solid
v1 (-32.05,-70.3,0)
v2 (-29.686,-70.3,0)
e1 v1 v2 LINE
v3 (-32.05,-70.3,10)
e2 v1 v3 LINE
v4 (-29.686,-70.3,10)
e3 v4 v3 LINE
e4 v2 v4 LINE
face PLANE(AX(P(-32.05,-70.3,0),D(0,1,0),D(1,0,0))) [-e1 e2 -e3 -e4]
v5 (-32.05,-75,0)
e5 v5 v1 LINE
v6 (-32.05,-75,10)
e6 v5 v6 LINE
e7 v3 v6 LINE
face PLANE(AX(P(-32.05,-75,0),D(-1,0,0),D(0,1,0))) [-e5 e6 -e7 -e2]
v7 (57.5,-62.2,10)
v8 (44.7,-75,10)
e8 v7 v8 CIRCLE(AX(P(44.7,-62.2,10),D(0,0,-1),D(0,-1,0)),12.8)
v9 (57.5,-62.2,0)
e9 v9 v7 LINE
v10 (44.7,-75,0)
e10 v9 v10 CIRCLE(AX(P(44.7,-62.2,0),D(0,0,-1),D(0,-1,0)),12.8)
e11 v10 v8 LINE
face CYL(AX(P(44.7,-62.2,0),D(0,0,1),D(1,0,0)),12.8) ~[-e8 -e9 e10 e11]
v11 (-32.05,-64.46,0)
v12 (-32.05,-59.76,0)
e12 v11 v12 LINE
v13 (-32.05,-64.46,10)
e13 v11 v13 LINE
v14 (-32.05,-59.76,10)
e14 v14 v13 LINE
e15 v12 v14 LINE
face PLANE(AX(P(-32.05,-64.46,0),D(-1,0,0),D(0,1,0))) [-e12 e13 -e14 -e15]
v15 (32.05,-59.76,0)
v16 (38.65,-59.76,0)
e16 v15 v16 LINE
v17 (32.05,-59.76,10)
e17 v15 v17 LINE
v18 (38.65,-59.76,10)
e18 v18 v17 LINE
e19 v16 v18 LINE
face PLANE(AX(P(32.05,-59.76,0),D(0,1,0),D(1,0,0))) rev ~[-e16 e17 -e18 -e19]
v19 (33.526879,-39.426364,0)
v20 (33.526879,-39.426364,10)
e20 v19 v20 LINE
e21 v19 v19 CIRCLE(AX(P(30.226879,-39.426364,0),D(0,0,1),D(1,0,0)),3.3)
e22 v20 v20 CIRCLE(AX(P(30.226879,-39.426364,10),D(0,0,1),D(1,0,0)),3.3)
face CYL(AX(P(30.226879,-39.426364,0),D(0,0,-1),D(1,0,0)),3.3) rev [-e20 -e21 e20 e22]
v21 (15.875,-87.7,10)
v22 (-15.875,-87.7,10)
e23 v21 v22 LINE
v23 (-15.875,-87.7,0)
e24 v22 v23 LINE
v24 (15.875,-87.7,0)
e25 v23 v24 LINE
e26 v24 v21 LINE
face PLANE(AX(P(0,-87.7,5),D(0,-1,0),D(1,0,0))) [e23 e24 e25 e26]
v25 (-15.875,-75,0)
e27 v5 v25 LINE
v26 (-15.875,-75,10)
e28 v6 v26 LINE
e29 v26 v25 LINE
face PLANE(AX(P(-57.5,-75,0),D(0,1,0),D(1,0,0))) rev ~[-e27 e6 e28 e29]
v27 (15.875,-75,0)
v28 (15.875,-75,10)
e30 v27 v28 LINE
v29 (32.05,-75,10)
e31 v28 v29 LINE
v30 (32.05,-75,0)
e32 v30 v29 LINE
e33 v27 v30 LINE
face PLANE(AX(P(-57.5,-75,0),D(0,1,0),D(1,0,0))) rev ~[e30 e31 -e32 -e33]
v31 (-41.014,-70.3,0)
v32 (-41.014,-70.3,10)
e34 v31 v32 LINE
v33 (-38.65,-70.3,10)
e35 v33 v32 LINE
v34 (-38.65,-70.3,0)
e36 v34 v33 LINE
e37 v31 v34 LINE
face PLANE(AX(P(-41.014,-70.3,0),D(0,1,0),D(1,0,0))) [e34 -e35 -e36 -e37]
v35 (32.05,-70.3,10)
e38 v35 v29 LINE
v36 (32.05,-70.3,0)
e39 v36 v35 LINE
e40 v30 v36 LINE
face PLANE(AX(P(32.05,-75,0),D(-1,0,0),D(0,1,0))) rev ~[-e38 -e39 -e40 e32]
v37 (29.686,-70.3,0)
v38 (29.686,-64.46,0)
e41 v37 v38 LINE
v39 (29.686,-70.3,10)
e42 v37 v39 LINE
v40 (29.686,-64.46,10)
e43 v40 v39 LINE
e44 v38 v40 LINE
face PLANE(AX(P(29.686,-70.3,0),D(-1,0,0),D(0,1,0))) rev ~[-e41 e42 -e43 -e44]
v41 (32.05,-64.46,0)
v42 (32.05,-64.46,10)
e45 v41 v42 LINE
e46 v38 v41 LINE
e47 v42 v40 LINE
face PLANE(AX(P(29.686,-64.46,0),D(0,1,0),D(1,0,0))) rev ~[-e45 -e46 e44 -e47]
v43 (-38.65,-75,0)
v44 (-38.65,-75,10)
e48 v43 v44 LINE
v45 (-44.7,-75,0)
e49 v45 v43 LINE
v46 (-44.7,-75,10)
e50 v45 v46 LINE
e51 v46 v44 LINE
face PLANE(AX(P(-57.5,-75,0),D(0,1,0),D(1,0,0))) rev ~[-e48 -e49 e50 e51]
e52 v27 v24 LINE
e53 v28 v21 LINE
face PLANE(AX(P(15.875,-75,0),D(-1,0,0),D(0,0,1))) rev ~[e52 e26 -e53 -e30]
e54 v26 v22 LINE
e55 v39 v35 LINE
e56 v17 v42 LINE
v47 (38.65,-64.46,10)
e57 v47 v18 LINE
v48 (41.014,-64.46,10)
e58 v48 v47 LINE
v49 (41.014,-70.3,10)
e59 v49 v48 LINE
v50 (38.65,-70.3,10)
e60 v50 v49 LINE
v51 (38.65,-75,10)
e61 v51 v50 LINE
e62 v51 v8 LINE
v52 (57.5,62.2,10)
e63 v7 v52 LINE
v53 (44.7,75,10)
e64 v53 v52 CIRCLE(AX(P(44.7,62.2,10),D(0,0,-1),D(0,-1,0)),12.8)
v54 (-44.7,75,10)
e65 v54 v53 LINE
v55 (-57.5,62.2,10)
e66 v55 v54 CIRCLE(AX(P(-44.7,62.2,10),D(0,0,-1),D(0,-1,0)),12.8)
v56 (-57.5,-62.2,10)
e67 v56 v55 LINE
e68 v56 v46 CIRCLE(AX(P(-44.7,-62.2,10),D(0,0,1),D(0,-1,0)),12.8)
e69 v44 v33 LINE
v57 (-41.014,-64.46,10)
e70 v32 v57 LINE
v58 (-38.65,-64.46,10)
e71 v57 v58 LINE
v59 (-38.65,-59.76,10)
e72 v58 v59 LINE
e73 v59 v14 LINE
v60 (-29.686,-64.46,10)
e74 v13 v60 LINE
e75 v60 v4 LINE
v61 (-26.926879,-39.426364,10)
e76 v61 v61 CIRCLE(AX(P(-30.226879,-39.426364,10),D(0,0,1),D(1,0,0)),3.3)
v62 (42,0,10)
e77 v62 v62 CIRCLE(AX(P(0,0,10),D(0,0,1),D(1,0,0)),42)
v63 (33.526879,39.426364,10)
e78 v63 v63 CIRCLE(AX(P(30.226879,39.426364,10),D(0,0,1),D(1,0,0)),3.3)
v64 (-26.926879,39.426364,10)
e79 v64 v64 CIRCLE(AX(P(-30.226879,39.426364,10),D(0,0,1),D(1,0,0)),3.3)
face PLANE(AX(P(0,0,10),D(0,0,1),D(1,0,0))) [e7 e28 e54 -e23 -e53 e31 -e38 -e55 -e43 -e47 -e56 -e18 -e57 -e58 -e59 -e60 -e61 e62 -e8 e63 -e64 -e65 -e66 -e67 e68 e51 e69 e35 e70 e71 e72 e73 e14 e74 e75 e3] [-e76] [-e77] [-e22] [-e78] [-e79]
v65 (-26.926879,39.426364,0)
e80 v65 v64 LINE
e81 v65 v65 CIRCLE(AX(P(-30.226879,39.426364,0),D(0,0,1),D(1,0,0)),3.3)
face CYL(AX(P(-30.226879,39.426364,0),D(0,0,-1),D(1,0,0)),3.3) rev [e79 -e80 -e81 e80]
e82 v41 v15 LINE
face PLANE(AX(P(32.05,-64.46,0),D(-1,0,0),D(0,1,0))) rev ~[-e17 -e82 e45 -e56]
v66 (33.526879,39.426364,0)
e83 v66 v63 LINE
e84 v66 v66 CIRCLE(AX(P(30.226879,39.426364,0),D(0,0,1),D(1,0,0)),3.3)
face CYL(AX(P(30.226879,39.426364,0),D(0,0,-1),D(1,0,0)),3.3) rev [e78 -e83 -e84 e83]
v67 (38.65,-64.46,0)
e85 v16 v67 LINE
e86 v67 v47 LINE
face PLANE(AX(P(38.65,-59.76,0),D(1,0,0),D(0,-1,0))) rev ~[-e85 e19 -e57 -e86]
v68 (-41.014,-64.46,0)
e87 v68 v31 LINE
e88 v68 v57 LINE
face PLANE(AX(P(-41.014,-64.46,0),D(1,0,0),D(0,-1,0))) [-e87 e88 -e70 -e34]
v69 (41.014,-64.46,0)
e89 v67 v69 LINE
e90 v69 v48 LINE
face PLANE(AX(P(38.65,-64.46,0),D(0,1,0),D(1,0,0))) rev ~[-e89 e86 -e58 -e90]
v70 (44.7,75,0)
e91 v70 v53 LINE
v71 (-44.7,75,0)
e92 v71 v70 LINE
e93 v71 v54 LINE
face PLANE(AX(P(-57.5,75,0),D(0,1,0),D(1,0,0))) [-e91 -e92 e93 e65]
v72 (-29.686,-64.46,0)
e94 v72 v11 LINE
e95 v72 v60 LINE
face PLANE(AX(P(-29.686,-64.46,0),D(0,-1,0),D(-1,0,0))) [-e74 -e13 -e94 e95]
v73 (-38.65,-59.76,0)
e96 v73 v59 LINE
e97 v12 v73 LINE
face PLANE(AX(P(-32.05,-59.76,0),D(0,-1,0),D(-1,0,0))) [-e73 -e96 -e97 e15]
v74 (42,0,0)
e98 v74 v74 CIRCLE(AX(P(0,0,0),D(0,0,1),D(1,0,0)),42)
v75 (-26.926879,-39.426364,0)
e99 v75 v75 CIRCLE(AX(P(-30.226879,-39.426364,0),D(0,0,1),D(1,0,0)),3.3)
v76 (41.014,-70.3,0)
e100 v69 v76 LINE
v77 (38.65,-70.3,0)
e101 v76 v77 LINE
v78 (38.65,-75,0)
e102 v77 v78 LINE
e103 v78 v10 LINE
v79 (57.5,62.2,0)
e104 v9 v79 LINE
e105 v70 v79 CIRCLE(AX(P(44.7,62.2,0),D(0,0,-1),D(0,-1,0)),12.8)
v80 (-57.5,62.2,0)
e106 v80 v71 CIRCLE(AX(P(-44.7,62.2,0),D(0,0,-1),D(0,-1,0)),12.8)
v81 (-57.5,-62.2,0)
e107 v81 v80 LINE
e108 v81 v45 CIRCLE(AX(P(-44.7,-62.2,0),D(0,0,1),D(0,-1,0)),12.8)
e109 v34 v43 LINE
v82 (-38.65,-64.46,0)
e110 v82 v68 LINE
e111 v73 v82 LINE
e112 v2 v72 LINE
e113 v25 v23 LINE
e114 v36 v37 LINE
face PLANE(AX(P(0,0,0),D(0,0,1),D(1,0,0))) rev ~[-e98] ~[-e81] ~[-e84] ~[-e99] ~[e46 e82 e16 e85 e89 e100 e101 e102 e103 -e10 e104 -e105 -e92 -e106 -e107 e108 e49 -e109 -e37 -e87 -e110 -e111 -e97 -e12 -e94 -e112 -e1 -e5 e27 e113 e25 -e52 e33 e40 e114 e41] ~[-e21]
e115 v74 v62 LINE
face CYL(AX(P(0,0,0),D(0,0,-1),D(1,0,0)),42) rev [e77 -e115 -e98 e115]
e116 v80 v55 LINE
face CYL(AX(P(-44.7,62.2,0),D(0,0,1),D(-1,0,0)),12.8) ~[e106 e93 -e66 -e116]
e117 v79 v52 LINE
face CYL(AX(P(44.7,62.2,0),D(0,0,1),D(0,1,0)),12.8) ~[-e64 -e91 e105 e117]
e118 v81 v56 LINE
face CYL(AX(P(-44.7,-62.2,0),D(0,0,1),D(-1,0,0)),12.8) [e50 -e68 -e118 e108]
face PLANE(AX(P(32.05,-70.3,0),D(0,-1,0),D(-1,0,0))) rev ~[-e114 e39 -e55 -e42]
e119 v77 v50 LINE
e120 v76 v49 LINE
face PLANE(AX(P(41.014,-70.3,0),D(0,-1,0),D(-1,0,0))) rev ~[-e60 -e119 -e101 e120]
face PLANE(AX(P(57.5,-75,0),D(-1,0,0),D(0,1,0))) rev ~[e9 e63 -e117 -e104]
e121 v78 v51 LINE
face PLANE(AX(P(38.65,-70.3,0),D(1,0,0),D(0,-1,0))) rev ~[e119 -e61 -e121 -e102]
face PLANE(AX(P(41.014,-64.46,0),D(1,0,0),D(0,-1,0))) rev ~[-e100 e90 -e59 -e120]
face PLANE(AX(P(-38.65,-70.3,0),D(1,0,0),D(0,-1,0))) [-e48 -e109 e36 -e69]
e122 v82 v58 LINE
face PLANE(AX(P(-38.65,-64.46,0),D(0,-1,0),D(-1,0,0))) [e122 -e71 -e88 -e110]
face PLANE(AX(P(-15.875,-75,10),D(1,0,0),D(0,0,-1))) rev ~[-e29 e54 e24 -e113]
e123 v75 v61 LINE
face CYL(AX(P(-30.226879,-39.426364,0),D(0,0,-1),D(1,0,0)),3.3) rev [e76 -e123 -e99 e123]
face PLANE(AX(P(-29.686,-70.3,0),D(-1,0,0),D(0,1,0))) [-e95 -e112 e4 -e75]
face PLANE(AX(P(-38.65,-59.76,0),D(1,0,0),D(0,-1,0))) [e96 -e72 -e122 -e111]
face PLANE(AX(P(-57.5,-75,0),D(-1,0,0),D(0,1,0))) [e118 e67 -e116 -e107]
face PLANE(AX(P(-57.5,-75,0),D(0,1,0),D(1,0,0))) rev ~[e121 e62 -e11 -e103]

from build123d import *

# Parameters (mm, degrees)
SKETCH1_W           = 115
SKETCH1_H           = 150
SKETCH1_R           = 42
SKETCH1_R_2         = 3.3
BOSS_EXTRUDE1_DEPTH = 10
CUT_EXTRUDE1_DEPTH  = 96.032889044
BOSS_EXTRUDE2_DEPTH = 12.7
FILLET1_R           = 12.8


with BuildPart() as part:
    # Sketch1 → Boss-Extrude1 (new body)
    with BuildSketch(Plane.XY):
        Rectangle(SKETCH1_W, SKETCH1_H)
        Circle(SKETCH1_R, mode=Mode.SUBTRACT)
        with Locations((-30.226879089, 39.426364029)):
            Circle(SKETCH1_R_2, mode=Mode.SUBTRACT)
        with Locations((30.226879089, 39.426364029)):
            Circle(SKETCH1_R_2, mode=Mode.SUBTRACT)
        with Locations((30.226879089, -39.426364029)):
            Circle(SKETCH1_R_2, mode=Mode.SUBTRACT)
        with Locations((-30.226879089, -39.426364029)):
            Circle(SKETCH1_R_2, mode=Mode.SUBTRACT)
    extrude(amount=BOSS_EXTRUDE1_DEPTH)

    # Sketch2 → Cut-Extrude1 (cut, through all)
    with BuildSketch(Plane(origin=(0, 0, 0), x_dir=(-1, 0, 0), z_dir=(0, 0, -1))):
        Polygon((-38.65, -75), (-32.05, -75), (-32.05, -70.3), (-29.686, -70.3), (-29.686, -64.46), (-32.05, -64.46), (-32.05, -59.76), (-38.65, -59.76), (-38.65, -64.46), (-41.014, -64.46), (-41.014, -70.3), (-38.65, -70.3), align=None)
        Polygon((32.05, -75), (32.05, -70.3), (29.686, -70.3), (29.686, -64.46), (32.05, -64.46), (32.05, -59.76), (38.65, -59.76), (38.65, -64.46), (41.014, -64.46), (41.014, -70.3), (38.65, -70.3), (38.65, -75), align=None)
    extrude(amount=-CUT_EXTRUDE1_DEPTH, mode=Mode.SUBTRACT)

    # Sketch4 → Boss-Extrude2 (add)
    with BuildSketch(Plane.XZ.offset(75)):
        Polygon((0, 0), (15.875, 0), (15.875, 10), (-15.875, 10), (-15.875, 0), align=None)
    extrude(amount=BOSS_EXTRUDE2_DEPTH)

    # Fillet1
    fillet1_edges = [part.edges().sort_by_distance(p)[0] for p in [
        (57.5, -75, 5),
        (-57.5, -75, 5),
        (-57.5, 75, 5),
        (57.5, 75, 5),
    ]]
    fillet(fillet1_edges, radius=FILLET1_R)


solid = part.part
